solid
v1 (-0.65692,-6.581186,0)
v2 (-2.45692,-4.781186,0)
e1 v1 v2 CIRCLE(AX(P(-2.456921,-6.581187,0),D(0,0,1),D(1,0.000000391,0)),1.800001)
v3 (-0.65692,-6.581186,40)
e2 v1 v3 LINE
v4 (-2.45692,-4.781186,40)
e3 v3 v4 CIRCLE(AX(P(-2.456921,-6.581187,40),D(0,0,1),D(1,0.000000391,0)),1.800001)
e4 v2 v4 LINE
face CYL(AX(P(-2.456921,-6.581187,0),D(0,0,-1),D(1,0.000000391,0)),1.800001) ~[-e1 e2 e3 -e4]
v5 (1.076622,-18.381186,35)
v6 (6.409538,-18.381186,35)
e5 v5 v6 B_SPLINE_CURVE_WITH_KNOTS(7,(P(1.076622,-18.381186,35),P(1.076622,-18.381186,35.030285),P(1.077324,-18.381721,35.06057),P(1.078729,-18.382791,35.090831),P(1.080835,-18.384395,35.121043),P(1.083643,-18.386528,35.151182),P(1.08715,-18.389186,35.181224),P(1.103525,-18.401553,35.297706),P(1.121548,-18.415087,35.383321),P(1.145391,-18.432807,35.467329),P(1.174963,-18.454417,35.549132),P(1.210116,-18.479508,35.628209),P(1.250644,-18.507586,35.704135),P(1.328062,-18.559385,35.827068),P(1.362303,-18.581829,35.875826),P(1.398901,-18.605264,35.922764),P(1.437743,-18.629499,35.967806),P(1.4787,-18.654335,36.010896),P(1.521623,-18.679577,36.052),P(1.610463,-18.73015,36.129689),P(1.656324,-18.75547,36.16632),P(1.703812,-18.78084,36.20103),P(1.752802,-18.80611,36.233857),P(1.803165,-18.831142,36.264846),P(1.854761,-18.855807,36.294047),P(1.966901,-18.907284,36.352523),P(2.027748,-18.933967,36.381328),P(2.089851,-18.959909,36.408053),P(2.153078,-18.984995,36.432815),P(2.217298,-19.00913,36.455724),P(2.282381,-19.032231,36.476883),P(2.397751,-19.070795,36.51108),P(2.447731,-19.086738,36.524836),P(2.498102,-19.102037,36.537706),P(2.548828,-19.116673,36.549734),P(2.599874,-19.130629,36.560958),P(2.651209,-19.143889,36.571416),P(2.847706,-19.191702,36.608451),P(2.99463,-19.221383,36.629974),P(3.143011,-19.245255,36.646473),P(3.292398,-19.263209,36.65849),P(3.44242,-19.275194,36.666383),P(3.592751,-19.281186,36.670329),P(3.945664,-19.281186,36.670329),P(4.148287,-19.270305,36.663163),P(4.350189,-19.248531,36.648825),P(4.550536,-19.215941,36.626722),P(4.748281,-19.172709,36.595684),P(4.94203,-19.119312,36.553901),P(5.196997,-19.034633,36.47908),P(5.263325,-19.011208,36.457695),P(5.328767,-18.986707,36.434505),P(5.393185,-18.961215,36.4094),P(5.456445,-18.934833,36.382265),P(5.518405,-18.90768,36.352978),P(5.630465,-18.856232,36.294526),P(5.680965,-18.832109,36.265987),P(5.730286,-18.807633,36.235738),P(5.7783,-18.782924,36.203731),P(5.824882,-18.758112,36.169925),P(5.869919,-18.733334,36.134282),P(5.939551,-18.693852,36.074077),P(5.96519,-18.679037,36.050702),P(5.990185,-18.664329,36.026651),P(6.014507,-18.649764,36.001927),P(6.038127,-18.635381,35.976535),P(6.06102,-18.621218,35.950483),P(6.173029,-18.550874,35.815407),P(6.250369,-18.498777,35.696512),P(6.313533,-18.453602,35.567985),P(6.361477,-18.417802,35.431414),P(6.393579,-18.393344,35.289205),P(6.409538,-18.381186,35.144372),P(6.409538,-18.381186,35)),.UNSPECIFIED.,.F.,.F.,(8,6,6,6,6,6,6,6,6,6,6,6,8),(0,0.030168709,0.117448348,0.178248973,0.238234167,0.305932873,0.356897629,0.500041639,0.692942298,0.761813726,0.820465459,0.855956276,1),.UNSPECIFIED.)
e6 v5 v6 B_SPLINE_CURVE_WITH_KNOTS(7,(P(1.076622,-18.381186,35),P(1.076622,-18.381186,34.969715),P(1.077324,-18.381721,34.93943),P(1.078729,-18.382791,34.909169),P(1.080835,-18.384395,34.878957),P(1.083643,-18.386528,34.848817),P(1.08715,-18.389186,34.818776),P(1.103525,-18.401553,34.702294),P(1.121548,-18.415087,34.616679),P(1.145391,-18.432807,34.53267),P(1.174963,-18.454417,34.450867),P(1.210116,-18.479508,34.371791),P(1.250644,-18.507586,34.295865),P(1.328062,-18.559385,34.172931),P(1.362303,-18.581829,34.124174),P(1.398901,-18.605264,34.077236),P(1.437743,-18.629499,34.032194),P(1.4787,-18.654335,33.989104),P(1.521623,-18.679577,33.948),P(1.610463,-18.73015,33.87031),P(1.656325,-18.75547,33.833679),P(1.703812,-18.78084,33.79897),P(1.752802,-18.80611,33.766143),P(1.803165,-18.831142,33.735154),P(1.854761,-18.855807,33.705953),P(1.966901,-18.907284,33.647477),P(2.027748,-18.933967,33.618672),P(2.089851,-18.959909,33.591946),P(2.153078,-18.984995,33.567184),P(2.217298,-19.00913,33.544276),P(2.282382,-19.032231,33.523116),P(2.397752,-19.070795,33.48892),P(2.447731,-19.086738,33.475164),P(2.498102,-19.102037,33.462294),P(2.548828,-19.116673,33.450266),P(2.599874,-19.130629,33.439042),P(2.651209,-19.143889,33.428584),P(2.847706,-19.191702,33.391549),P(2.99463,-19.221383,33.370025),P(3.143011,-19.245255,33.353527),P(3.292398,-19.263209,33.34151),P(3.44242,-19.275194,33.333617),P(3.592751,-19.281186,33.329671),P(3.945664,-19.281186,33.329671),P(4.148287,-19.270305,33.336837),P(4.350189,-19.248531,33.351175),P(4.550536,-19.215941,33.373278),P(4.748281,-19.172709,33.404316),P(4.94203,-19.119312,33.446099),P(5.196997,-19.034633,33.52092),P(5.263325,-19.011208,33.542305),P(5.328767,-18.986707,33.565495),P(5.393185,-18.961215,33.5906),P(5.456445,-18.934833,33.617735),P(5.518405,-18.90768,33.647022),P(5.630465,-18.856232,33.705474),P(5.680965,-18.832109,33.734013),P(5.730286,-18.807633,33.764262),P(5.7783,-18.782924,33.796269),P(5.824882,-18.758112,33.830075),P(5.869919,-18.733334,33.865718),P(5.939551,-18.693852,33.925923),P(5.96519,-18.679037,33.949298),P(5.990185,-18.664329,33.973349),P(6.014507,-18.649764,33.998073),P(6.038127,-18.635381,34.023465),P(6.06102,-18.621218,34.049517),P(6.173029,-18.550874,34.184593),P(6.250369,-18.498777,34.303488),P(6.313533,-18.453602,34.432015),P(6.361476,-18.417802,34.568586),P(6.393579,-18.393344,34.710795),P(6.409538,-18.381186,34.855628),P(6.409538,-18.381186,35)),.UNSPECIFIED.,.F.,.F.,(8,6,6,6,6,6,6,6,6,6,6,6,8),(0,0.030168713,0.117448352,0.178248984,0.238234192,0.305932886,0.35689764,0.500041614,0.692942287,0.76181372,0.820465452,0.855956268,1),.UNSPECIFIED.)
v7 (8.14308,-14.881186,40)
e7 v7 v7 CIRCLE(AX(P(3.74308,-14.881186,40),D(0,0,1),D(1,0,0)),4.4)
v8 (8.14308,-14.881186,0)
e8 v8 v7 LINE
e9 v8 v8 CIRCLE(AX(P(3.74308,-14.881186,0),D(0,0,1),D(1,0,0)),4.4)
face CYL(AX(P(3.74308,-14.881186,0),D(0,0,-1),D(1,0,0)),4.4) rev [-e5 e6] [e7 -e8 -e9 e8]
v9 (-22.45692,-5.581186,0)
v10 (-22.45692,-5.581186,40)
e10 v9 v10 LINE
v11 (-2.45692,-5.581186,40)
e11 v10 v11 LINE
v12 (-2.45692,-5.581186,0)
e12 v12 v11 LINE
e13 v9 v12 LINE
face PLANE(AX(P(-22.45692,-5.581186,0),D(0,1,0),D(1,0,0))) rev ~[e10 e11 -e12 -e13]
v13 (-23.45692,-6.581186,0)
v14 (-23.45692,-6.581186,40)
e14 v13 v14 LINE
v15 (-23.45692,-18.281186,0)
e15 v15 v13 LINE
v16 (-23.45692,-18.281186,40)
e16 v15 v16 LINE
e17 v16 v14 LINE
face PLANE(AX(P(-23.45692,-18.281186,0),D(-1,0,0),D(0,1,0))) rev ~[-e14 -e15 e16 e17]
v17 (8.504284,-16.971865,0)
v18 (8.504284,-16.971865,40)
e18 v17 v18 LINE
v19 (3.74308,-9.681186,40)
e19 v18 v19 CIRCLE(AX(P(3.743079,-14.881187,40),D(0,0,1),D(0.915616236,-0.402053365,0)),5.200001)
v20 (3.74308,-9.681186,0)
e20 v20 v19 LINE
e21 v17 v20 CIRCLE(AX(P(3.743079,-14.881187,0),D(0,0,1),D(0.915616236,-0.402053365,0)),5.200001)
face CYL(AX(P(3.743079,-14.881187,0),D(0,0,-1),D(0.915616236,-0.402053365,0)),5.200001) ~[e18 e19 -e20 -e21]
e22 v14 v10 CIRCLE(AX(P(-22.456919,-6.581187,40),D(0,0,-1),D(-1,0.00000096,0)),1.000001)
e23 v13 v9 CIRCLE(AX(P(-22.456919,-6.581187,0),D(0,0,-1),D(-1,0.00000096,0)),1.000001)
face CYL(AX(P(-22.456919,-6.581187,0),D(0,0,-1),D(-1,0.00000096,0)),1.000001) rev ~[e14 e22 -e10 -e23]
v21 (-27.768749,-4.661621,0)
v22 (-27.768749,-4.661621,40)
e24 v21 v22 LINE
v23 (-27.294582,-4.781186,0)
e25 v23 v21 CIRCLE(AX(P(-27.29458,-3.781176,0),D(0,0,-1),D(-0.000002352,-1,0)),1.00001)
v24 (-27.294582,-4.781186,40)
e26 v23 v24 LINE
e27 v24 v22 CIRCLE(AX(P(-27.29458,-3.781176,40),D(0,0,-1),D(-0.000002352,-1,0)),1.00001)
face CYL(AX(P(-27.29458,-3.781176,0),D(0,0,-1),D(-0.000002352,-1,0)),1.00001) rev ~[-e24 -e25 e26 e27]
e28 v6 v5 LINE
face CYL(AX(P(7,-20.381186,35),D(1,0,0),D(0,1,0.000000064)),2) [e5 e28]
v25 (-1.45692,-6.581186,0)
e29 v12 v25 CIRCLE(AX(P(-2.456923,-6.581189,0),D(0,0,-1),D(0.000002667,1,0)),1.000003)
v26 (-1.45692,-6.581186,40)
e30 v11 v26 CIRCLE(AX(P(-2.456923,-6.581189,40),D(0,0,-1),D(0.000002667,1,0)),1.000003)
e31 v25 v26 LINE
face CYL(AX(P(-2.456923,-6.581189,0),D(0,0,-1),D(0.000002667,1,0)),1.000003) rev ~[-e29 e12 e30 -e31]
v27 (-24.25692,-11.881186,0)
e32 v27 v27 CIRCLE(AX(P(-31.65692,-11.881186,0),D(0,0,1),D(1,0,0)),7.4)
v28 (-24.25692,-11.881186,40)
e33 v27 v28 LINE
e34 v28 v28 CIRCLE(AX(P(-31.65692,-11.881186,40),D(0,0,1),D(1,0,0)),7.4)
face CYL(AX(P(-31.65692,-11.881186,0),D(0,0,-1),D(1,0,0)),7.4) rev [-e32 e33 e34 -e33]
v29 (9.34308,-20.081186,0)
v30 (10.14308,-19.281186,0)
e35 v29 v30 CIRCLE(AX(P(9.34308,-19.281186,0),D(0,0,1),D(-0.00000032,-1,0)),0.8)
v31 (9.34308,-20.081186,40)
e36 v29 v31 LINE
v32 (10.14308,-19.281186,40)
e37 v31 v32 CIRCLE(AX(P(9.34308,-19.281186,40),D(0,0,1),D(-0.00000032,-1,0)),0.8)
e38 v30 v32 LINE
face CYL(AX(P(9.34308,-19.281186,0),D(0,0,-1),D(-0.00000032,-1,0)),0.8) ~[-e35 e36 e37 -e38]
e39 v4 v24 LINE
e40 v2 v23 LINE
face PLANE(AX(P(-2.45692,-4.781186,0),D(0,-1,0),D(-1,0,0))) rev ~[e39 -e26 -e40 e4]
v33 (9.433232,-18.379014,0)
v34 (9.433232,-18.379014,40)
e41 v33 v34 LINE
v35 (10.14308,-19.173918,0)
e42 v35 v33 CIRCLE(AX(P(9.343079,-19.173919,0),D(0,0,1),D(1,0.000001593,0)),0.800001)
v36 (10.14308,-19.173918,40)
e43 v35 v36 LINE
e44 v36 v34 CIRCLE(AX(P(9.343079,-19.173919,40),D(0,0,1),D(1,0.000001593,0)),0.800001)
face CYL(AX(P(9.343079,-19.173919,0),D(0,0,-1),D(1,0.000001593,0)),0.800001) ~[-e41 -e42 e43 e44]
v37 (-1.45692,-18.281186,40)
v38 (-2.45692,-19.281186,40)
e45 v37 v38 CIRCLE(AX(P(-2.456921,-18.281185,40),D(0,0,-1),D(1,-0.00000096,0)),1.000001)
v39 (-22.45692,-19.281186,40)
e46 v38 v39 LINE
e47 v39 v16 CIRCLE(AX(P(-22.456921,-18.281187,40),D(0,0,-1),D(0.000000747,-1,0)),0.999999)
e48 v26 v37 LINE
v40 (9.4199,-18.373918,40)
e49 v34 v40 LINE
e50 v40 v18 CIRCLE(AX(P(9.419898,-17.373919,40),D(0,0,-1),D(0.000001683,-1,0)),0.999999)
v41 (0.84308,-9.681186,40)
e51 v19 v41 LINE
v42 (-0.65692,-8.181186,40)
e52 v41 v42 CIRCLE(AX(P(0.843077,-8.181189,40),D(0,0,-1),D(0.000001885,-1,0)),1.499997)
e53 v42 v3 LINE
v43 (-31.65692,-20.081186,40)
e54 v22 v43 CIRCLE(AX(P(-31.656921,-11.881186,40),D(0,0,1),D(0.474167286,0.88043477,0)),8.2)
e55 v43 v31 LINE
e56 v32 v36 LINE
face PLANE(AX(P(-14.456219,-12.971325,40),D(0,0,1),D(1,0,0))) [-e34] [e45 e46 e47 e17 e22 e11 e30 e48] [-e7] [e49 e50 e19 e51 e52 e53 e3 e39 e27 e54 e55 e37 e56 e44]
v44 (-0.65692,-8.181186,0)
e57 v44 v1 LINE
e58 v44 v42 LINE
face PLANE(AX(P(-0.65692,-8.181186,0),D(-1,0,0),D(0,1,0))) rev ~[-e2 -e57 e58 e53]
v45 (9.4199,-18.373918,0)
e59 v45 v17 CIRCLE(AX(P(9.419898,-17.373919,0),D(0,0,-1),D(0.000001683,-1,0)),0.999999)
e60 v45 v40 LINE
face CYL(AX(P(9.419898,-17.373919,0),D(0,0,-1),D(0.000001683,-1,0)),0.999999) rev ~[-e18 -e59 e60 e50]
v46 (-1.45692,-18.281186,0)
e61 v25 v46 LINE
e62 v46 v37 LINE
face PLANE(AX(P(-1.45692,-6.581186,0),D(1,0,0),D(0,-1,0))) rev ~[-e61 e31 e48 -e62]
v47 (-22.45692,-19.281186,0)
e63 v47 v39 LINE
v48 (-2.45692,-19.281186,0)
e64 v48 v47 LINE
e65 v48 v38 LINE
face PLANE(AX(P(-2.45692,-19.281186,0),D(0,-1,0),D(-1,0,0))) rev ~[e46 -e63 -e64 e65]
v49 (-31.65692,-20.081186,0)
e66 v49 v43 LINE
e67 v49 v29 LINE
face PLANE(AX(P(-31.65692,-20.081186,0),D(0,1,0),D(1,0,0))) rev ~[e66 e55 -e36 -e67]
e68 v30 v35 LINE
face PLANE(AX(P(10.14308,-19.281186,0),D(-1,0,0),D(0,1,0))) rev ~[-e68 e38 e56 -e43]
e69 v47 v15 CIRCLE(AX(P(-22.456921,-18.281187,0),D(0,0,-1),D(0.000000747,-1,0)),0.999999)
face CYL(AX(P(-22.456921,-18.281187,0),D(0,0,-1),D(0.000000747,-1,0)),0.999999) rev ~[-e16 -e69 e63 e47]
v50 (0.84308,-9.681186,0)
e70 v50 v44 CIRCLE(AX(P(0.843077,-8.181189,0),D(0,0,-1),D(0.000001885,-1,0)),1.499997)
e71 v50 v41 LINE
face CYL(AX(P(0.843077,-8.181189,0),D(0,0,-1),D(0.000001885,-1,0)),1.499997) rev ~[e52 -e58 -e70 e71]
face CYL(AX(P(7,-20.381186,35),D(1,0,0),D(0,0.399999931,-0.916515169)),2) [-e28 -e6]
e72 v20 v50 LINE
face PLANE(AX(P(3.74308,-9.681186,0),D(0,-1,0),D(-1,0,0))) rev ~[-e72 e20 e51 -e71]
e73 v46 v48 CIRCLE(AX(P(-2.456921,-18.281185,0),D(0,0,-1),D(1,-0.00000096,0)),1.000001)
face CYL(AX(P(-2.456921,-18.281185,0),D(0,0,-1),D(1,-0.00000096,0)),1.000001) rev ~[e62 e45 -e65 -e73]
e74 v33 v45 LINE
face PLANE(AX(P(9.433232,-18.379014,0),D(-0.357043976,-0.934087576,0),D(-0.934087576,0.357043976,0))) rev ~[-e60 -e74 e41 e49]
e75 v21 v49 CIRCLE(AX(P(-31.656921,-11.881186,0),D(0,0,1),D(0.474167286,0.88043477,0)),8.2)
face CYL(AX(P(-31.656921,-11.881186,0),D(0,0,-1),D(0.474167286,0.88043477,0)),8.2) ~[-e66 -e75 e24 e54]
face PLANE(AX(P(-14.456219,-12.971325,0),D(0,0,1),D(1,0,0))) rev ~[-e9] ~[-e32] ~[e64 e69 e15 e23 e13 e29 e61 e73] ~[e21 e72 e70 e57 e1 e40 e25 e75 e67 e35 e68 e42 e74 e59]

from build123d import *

# Parameters (mm, degrees)
F0_R     = 4.4
F0_R_2   = 7.4
F1_DEPTH = 40
F4_DEPTH = 8


with BuildPart() as f1:
    # F0 (on Top) → F1 (new body)
    with BuildSketch(Plane.XY):
        with BuildLine():
            ThreePointArc((-27.768749, -4.661621), (-39.608035, -9.876247), (-31.65692, -20.081186))
            Line((-31.65692, -20.081186), (9.34308, -20.081186))
            ThreePointArc((9.34308, -20.081186), (9.908765, -19.846872), (10.14308, -19.281186))
            Line((10.14308, -19.281186), (10.14308, -19.173918))
            ThreePointArc((10.14308, -19.173918), (9.939788, -18.641059), (9.433232, -18.379014))
            Line((9.433232, -18.379014), (9.4199, -18.373918))
            ThreePointArc((9.4199, -18.373918), (8.582626, -17.920703), (8.504284, -16.971865))
            ThreePointArc((8.504284, -16.971865), (8.096901, -12.037907), (3.74308, -9.681186))
            Line((3.74308, -9.681186), (0.84308, -9.681186))
            ThreePointArc((0.84308, -9.681186), (-0.217581, -9.241847), (-0.65692, -8.181186))
            Line((-0.65692, -8.181186), (-0.65692, -6.581186))
            ThreePointArc((-0.65692, -6.581186), (-1.184128, -5.308394), (-2.45692, -4.781186))
            Line((-2.45692, -4.781186), (-27.294582, -4.781186))
            ThreePointArc((-27.294582, -4.781186), (-27.539086, -4.750834), (-27.768749, -4.661621))
        make_face()
        with BuildLine():
            ThreePointArc((-22.45692, -19.281186), (-23.164027, -18.988293), (-23.45692, -18.281186))
            Line((-23.45692, -18.281186), (-23.45692, -6.581186))
            ThreePointArc((-23.45692, -6.581186), (-23.164027, -5.87408), (-22.45692, -5.581186))
            Line((-22.45692, -5.581186), (-2.45692, -5.581186))
            ThreePointArc((-2.45692, -5.581186), (-1.749814, -5.87408), (-1.45692, -6.581186))
            Line((-1.45692, -6.581186), (-1.45692, -18.281186))
            ThreePointArc((-1.45692, -18.281186), (-1.749814, -18.988293), (-2.45692, -19.281186))
            Line((-2.45692, -19.281186), (-22.45692, -19.281186))
        make_face(mode=Mode.SUBTRACT)
        with Locations((3.74308, -14.881186)):
            Circle(F0_R, mode=Mode.SUBTRACT)
        with Locations((-31.65692, -11.881186)):
            Circle(F0_R_2, mode=Mode.SUBTRACT)
    extrude(amount=F1_DEPTH)

    # F3 (on offset) → F4 (join)
    with BuildSketch(Plane.YZ.offset(7)):
        with BuildLine():
            Line((-19.581186, 35), (-19.581186, 33.16697))
            ThreePointArc((-19.581186, 33.16697), (-18.707866, 33.904555), (-18.381186, 35))
            Line((-18.381186, 35), (-19.581186, 35))
        make_face()
        with BuildLine():
            Line((-19.581186, 35), (-18.381186, 35))
            ThreePointArc((-18.381186, 35), (-18.707866, 36.095445), (-19.581186, 36.83303))
            Line((-19.581186, 36.83303), (-19.581186, 35))
        make_face()
    extrude(amount=-F4_DEPTH)


solid = f1.part
